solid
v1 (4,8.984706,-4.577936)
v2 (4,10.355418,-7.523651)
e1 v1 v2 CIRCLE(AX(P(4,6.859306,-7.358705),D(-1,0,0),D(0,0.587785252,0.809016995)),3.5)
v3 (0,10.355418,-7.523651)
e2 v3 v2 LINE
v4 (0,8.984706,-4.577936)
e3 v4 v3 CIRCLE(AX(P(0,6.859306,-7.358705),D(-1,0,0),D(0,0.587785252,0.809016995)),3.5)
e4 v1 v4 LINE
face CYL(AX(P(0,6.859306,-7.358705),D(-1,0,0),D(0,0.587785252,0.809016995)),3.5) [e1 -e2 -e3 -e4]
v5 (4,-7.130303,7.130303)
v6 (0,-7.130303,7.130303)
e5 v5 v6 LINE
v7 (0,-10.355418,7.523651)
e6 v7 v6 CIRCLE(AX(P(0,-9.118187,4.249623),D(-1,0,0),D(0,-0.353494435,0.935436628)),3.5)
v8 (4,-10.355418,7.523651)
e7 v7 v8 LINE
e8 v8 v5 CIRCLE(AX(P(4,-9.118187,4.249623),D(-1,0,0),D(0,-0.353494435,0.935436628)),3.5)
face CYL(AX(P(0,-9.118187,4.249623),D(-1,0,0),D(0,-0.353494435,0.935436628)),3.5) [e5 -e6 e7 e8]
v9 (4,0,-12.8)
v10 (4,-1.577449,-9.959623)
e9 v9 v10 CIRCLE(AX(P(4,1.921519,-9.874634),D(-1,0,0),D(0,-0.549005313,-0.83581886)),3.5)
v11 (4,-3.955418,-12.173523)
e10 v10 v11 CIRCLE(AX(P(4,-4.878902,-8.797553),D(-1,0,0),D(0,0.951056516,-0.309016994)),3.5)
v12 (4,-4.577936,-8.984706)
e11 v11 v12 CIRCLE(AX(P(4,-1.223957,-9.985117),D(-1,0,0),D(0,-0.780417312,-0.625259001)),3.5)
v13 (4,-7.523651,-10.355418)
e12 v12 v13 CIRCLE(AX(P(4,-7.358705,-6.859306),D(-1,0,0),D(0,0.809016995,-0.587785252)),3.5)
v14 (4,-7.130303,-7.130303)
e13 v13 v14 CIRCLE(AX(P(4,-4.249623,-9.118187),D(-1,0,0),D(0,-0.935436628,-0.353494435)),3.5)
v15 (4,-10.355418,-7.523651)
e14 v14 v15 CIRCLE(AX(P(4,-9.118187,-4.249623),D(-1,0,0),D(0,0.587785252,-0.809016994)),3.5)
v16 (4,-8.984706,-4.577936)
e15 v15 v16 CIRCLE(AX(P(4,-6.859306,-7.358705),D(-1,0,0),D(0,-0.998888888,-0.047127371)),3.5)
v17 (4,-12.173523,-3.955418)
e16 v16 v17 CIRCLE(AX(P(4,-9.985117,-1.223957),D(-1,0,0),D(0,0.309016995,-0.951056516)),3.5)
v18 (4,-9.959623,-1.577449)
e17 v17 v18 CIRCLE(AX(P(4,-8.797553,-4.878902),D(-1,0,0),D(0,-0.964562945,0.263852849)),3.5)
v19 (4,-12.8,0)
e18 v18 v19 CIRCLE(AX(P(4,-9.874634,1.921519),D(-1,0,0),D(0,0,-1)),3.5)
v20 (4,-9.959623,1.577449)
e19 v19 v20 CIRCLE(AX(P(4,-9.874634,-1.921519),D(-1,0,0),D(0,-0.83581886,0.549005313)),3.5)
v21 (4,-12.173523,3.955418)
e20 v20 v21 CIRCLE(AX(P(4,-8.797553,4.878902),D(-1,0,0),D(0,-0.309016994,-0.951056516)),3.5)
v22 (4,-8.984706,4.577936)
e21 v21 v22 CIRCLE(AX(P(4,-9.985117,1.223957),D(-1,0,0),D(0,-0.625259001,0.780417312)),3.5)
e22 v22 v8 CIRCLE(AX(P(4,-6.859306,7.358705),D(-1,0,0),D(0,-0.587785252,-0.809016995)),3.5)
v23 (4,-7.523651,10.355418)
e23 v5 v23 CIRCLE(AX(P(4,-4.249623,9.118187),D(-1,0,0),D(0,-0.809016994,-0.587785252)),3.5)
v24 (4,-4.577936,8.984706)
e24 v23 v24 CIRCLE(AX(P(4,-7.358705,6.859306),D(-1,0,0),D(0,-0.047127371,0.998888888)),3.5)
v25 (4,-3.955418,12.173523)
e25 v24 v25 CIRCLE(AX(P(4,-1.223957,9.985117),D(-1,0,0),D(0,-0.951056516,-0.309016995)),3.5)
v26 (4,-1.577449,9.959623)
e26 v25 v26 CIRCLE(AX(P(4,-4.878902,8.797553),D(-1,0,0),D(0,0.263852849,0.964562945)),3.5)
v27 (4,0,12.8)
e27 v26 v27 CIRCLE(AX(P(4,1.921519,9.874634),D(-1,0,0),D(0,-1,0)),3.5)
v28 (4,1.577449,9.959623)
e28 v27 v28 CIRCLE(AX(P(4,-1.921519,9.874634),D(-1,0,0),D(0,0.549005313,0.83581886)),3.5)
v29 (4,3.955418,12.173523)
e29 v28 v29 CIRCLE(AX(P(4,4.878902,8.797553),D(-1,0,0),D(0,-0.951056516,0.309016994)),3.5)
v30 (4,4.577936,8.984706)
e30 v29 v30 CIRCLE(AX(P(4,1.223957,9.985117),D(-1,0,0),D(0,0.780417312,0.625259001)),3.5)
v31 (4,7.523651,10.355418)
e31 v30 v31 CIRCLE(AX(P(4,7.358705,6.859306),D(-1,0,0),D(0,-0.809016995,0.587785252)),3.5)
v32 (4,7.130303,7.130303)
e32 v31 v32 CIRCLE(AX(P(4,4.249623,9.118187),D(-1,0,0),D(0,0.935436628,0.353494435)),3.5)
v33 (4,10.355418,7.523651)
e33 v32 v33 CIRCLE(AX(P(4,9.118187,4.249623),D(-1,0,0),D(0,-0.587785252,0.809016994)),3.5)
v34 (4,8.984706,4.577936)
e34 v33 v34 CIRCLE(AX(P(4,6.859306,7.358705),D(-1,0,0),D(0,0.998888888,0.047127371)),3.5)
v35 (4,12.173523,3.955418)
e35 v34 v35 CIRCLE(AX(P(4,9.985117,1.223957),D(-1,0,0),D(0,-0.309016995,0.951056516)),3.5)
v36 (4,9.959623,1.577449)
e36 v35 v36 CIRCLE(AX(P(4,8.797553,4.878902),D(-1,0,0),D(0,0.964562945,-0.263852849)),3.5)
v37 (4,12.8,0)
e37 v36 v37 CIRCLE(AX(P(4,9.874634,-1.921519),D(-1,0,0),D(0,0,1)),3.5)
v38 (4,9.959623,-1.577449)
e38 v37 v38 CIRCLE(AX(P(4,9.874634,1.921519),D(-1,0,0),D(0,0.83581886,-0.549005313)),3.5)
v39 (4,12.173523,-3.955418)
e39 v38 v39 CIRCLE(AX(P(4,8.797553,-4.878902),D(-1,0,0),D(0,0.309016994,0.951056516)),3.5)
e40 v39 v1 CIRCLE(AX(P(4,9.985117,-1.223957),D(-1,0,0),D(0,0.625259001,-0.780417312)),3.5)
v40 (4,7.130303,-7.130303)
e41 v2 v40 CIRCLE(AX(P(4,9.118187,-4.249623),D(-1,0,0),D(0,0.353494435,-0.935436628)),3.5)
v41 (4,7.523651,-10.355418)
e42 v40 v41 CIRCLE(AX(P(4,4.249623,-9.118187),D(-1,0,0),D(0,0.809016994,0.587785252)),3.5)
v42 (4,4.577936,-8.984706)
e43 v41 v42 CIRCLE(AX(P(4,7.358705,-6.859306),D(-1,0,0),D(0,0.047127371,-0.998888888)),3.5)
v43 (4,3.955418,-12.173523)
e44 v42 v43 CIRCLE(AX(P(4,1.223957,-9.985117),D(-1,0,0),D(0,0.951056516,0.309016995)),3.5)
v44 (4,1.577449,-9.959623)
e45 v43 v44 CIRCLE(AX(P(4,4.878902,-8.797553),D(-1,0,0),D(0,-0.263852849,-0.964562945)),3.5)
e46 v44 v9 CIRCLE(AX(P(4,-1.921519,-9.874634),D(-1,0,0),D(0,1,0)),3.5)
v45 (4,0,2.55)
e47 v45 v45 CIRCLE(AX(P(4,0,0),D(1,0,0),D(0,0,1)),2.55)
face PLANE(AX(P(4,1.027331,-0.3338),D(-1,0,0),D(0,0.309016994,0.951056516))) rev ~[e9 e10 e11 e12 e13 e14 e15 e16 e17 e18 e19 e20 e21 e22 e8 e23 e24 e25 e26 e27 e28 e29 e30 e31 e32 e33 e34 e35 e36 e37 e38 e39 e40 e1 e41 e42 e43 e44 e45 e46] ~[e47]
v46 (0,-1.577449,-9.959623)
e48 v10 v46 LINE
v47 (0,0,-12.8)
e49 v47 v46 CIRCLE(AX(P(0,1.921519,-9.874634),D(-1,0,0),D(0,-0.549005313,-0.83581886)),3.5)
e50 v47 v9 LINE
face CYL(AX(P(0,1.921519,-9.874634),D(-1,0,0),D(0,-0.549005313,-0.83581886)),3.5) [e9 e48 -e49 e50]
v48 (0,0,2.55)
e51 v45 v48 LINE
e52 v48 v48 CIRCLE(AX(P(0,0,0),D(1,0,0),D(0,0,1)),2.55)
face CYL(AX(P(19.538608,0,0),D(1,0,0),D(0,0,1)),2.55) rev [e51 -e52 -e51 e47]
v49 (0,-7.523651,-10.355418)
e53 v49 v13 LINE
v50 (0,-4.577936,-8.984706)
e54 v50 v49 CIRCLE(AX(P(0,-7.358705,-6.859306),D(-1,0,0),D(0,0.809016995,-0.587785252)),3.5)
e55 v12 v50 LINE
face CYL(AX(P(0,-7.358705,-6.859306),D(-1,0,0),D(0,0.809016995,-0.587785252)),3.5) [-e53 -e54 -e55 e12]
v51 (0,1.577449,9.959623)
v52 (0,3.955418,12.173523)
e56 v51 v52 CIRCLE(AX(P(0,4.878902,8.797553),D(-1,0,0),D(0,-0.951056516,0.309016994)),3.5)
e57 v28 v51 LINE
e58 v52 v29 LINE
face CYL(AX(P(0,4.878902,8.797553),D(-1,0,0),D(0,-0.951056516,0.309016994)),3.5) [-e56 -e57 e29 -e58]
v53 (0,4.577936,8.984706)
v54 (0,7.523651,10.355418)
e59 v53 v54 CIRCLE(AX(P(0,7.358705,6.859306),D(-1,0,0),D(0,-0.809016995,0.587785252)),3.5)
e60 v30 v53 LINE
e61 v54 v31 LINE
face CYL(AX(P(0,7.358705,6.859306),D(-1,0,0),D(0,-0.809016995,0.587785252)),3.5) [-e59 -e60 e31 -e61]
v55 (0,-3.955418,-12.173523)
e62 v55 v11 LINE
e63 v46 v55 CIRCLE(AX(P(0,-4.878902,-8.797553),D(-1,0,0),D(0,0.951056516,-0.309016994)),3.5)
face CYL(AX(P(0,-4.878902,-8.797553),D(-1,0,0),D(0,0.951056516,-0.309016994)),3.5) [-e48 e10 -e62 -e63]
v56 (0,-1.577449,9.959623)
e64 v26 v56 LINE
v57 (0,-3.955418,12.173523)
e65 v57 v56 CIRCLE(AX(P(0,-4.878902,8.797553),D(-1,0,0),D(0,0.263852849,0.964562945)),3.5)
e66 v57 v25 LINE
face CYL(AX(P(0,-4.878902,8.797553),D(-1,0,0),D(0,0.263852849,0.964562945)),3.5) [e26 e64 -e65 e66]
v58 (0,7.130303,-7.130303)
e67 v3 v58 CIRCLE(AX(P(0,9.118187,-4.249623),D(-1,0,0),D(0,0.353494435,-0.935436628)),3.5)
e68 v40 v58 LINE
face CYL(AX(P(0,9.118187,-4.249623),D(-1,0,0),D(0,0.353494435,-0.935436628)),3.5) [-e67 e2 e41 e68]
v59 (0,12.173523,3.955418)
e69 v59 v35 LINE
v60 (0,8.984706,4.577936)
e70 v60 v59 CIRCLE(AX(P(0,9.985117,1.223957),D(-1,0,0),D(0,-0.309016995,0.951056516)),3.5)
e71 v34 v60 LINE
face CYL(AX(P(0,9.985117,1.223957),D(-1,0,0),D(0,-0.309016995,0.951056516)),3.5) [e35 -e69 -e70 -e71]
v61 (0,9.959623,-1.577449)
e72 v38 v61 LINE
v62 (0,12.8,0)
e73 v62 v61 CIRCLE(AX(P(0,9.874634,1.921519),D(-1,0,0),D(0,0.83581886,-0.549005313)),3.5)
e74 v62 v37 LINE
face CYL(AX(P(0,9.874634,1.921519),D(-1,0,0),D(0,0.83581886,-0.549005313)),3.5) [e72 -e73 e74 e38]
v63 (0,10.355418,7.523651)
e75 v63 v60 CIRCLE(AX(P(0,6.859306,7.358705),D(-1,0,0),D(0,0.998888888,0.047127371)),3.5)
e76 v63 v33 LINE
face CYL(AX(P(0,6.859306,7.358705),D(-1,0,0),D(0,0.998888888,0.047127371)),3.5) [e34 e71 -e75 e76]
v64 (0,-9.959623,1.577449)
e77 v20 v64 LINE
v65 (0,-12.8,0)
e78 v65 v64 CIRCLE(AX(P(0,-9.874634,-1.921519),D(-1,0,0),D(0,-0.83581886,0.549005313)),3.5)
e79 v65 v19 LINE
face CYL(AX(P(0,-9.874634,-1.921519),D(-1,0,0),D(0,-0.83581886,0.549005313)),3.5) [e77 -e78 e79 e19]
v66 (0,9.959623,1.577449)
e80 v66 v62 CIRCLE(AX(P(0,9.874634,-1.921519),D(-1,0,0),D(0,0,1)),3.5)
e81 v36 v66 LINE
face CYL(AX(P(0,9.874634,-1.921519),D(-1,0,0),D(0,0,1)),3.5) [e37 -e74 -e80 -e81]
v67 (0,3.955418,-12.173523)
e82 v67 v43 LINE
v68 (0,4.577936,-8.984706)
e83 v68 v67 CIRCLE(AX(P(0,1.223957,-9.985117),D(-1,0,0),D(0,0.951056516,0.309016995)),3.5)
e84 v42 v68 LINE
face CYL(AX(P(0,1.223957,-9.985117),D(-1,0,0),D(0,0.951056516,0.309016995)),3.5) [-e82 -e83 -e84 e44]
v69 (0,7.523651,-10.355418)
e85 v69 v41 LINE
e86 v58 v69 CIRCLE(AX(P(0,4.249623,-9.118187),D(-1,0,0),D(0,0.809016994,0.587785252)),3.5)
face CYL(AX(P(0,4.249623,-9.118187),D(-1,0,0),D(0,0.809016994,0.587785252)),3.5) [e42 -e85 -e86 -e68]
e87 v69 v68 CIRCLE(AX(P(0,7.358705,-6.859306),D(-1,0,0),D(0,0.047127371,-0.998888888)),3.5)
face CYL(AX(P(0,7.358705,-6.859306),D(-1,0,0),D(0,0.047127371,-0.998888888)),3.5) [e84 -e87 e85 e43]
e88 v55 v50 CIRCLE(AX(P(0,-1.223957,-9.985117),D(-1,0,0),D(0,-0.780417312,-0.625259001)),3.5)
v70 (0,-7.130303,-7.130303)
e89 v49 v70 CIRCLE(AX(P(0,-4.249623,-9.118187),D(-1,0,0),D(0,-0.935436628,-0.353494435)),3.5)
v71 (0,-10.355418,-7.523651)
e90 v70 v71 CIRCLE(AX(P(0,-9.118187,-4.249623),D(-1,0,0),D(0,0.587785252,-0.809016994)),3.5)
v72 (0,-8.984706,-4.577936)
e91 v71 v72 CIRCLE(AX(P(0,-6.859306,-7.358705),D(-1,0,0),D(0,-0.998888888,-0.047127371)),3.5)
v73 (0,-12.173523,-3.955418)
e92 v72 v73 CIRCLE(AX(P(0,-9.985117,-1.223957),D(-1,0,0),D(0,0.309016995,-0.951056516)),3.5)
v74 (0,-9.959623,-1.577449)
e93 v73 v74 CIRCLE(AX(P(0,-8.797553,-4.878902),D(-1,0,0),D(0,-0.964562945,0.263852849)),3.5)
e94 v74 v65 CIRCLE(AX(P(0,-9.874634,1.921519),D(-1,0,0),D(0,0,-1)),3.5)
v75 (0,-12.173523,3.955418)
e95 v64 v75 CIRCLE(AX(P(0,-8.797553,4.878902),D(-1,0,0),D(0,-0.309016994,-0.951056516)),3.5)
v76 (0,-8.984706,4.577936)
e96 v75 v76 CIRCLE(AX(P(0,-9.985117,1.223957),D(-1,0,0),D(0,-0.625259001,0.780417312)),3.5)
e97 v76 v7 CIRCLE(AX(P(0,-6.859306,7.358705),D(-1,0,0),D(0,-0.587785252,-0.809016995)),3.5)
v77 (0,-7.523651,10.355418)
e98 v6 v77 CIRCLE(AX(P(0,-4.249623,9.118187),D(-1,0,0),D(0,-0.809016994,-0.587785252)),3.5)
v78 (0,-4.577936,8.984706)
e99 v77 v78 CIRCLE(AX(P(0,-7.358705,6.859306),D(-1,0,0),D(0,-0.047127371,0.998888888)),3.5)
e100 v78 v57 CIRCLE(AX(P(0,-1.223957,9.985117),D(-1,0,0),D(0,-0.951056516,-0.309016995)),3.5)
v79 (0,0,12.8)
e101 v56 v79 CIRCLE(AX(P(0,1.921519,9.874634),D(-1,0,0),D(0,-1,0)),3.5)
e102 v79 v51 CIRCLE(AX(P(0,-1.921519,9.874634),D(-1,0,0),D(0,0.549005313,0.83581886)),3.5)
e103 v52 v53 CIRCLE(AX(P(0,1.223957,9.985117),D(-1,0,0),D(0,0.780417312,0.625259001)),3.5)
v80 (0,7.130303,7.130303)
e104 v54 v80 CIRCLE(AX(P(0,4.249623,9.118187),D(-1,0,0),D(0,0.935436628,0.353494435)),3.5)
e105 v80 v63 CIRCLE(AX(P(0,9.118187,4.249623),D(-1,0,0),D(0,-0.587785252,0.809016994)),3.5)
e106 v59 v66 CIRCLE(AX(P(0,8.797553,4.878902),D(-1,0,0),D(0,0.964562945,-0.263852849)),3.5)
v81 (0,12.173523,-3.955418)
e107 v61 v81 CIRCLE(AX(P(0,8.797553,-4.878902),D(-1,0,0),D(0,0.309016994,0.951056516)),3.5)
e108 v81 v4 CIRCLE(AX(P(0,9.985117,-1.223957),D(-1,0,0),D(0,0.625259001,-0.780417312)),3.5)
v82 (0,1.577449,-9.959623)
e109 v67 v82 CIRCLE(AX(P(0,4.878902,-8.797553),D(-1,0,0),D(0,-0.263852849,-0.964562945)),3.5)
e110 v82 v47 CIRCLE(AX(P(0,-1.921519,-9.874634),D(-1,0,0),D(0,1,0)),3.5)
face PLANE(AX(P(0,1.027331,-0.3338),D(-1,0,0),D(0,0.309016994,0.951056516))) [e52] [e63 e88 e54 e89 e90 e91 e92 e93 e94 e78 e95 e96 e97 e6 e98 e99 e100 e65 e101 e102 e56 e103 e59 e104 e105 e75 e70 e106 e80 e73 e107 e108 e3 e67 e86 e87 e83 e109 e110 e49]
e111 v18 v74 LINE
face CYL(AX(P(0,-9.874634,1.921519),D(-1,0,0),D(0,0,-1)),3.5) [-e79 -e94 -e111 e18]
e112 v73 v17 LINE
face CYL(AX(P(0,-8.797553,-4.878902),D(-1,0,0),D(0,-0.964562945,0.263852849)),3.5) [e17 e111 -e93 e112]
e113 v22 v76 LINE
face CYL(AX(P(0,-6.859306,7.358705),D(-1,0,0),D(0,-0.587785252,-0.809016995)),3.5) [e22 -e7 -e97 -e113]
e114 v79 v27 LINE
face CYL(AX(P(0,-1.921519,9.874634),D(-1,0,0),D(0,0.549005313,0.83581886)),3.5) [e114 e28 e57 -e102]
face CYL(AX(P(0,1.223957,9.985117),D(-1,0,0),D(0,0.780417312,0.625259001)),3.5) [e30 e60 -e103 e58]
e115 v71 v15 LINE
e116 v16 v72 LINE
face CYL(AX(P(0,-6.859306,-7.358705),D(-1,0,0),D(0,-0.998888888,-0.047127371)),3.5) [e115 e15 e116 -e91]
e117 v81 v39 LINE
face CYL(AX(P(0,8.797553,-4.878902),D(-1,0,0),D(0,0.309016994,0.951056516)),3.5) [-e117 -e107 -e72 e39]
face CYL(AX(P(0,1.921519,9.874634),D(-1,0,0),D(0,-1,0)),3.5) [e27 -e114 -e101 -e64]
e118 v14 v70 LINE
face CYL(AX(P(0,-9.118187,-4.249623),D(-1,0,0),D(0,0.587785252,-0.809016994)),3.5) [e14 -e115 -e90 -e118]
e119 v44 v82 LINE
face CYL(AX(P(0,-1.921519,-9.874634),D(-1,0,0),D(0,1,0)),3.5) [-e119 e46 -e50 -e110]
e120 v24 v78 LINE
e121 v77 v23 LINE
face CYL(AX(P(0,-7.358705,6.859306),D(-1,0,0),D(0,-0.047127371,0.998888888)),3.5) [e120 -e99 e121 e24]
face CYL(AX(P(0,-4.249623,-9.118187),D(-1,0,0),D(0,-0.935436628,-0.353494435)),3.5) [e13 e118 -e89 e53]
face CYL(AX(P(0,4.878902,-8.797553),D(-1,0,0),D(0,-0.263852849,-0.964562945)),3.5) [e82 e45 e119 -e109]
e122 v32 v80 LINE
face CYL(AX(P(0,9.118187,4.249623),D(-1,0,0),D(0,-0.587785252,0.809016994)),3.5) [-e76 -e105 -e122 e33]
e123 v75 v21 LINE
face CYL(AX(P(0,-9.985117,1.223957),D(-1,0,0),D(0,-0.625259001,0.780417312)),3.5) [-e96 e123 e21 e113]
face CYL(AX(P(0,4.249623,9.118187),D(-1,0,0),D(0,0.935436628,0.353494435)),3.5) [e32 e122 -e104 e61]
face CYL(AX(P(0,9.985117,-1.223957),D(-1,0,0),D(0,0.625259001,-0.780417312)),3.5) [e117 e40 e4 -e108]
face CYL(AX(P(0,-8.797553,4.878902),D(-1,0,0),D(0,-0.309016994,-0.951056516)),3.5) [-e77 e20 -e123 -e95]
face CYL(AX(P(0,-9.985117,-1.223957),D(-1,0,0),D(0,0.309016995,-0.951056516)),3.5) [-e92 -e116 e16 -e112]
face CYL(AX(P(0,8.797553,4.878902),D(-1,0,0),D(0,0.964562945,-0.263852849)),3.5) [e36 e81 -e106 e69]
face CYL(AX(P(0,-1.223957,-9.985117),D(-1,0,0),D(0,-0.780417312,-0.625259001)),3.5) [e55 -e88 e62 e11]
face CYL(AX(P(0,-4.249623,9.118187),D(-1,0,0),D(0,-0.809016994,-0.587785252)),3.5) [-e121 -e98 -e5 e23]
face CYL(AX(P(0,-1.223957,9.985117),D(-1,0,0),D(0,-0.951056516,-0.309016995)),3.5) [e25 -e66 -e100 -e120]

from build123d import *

# Parameters (mm, degrees)
EXTRUDE_1_DEPTH          = 4
PATTERN_CIRCULAR_1_COUNT = 20
CUT_EXTRUDE_1_DEPTH      = 19.538608362
CUT_EXTRUDE_1_DEPTH_BACK = 19.538608362
SKETCH_2_R               = 2.55


with BuildPart() as part:
    # 스케치1 → 보스-돌출1 (new body)
    with BuildSketch(Plane(origin=(0, 0, 0), x_dir=(0, 0, -1), z_dir=(1, 0, 0))):
        with BuildLine():
            ThreePointArc((0, 12.8), (1.158685544, 11.536663611), (1.578481404, 9.874633991))
            ThreePointArc((1.578481404, 9.874633991), (0, -10), (-1.578481404, 9.874633991))
            ThreePointArc((-1.578481404, 9.874633991), (-1.158685544, 11.536663611), (0, 12.8))
        make_face()
    extrude_1 = extrude(amount=EXTRUDE_1_DEPTH)

    # 원형 패턴1: 보스-돌출1 ×20 about axis
    pattern_circular_1_axis = Axis((0, 0, 0), (1, 0, 0))
    for i in range(1, PATTERN_CIRCULAR_1_COUNT):
        add(extrude_1.rotate(pattern_circular_1_axis, i * 360 / PATTERN_CIRCULAR_1_COUNT))

    # 스케치2 → 컷-돌출1 (cut, two sides: drawn at the far end of the back side and taken through both)
    with BuildSketch(Plane.ZY.offset(-CUT_EXTRUDE_1_DEPTH_BACK)):
        Circle(SKETCH_2_R)
    extrude(amount=CUT_EXTRUDE_1_DEPTH + CUT_EXTRUDE_1_DEPTH_BACK, mode=Mode.SUBTRACT)


solid = part.part
